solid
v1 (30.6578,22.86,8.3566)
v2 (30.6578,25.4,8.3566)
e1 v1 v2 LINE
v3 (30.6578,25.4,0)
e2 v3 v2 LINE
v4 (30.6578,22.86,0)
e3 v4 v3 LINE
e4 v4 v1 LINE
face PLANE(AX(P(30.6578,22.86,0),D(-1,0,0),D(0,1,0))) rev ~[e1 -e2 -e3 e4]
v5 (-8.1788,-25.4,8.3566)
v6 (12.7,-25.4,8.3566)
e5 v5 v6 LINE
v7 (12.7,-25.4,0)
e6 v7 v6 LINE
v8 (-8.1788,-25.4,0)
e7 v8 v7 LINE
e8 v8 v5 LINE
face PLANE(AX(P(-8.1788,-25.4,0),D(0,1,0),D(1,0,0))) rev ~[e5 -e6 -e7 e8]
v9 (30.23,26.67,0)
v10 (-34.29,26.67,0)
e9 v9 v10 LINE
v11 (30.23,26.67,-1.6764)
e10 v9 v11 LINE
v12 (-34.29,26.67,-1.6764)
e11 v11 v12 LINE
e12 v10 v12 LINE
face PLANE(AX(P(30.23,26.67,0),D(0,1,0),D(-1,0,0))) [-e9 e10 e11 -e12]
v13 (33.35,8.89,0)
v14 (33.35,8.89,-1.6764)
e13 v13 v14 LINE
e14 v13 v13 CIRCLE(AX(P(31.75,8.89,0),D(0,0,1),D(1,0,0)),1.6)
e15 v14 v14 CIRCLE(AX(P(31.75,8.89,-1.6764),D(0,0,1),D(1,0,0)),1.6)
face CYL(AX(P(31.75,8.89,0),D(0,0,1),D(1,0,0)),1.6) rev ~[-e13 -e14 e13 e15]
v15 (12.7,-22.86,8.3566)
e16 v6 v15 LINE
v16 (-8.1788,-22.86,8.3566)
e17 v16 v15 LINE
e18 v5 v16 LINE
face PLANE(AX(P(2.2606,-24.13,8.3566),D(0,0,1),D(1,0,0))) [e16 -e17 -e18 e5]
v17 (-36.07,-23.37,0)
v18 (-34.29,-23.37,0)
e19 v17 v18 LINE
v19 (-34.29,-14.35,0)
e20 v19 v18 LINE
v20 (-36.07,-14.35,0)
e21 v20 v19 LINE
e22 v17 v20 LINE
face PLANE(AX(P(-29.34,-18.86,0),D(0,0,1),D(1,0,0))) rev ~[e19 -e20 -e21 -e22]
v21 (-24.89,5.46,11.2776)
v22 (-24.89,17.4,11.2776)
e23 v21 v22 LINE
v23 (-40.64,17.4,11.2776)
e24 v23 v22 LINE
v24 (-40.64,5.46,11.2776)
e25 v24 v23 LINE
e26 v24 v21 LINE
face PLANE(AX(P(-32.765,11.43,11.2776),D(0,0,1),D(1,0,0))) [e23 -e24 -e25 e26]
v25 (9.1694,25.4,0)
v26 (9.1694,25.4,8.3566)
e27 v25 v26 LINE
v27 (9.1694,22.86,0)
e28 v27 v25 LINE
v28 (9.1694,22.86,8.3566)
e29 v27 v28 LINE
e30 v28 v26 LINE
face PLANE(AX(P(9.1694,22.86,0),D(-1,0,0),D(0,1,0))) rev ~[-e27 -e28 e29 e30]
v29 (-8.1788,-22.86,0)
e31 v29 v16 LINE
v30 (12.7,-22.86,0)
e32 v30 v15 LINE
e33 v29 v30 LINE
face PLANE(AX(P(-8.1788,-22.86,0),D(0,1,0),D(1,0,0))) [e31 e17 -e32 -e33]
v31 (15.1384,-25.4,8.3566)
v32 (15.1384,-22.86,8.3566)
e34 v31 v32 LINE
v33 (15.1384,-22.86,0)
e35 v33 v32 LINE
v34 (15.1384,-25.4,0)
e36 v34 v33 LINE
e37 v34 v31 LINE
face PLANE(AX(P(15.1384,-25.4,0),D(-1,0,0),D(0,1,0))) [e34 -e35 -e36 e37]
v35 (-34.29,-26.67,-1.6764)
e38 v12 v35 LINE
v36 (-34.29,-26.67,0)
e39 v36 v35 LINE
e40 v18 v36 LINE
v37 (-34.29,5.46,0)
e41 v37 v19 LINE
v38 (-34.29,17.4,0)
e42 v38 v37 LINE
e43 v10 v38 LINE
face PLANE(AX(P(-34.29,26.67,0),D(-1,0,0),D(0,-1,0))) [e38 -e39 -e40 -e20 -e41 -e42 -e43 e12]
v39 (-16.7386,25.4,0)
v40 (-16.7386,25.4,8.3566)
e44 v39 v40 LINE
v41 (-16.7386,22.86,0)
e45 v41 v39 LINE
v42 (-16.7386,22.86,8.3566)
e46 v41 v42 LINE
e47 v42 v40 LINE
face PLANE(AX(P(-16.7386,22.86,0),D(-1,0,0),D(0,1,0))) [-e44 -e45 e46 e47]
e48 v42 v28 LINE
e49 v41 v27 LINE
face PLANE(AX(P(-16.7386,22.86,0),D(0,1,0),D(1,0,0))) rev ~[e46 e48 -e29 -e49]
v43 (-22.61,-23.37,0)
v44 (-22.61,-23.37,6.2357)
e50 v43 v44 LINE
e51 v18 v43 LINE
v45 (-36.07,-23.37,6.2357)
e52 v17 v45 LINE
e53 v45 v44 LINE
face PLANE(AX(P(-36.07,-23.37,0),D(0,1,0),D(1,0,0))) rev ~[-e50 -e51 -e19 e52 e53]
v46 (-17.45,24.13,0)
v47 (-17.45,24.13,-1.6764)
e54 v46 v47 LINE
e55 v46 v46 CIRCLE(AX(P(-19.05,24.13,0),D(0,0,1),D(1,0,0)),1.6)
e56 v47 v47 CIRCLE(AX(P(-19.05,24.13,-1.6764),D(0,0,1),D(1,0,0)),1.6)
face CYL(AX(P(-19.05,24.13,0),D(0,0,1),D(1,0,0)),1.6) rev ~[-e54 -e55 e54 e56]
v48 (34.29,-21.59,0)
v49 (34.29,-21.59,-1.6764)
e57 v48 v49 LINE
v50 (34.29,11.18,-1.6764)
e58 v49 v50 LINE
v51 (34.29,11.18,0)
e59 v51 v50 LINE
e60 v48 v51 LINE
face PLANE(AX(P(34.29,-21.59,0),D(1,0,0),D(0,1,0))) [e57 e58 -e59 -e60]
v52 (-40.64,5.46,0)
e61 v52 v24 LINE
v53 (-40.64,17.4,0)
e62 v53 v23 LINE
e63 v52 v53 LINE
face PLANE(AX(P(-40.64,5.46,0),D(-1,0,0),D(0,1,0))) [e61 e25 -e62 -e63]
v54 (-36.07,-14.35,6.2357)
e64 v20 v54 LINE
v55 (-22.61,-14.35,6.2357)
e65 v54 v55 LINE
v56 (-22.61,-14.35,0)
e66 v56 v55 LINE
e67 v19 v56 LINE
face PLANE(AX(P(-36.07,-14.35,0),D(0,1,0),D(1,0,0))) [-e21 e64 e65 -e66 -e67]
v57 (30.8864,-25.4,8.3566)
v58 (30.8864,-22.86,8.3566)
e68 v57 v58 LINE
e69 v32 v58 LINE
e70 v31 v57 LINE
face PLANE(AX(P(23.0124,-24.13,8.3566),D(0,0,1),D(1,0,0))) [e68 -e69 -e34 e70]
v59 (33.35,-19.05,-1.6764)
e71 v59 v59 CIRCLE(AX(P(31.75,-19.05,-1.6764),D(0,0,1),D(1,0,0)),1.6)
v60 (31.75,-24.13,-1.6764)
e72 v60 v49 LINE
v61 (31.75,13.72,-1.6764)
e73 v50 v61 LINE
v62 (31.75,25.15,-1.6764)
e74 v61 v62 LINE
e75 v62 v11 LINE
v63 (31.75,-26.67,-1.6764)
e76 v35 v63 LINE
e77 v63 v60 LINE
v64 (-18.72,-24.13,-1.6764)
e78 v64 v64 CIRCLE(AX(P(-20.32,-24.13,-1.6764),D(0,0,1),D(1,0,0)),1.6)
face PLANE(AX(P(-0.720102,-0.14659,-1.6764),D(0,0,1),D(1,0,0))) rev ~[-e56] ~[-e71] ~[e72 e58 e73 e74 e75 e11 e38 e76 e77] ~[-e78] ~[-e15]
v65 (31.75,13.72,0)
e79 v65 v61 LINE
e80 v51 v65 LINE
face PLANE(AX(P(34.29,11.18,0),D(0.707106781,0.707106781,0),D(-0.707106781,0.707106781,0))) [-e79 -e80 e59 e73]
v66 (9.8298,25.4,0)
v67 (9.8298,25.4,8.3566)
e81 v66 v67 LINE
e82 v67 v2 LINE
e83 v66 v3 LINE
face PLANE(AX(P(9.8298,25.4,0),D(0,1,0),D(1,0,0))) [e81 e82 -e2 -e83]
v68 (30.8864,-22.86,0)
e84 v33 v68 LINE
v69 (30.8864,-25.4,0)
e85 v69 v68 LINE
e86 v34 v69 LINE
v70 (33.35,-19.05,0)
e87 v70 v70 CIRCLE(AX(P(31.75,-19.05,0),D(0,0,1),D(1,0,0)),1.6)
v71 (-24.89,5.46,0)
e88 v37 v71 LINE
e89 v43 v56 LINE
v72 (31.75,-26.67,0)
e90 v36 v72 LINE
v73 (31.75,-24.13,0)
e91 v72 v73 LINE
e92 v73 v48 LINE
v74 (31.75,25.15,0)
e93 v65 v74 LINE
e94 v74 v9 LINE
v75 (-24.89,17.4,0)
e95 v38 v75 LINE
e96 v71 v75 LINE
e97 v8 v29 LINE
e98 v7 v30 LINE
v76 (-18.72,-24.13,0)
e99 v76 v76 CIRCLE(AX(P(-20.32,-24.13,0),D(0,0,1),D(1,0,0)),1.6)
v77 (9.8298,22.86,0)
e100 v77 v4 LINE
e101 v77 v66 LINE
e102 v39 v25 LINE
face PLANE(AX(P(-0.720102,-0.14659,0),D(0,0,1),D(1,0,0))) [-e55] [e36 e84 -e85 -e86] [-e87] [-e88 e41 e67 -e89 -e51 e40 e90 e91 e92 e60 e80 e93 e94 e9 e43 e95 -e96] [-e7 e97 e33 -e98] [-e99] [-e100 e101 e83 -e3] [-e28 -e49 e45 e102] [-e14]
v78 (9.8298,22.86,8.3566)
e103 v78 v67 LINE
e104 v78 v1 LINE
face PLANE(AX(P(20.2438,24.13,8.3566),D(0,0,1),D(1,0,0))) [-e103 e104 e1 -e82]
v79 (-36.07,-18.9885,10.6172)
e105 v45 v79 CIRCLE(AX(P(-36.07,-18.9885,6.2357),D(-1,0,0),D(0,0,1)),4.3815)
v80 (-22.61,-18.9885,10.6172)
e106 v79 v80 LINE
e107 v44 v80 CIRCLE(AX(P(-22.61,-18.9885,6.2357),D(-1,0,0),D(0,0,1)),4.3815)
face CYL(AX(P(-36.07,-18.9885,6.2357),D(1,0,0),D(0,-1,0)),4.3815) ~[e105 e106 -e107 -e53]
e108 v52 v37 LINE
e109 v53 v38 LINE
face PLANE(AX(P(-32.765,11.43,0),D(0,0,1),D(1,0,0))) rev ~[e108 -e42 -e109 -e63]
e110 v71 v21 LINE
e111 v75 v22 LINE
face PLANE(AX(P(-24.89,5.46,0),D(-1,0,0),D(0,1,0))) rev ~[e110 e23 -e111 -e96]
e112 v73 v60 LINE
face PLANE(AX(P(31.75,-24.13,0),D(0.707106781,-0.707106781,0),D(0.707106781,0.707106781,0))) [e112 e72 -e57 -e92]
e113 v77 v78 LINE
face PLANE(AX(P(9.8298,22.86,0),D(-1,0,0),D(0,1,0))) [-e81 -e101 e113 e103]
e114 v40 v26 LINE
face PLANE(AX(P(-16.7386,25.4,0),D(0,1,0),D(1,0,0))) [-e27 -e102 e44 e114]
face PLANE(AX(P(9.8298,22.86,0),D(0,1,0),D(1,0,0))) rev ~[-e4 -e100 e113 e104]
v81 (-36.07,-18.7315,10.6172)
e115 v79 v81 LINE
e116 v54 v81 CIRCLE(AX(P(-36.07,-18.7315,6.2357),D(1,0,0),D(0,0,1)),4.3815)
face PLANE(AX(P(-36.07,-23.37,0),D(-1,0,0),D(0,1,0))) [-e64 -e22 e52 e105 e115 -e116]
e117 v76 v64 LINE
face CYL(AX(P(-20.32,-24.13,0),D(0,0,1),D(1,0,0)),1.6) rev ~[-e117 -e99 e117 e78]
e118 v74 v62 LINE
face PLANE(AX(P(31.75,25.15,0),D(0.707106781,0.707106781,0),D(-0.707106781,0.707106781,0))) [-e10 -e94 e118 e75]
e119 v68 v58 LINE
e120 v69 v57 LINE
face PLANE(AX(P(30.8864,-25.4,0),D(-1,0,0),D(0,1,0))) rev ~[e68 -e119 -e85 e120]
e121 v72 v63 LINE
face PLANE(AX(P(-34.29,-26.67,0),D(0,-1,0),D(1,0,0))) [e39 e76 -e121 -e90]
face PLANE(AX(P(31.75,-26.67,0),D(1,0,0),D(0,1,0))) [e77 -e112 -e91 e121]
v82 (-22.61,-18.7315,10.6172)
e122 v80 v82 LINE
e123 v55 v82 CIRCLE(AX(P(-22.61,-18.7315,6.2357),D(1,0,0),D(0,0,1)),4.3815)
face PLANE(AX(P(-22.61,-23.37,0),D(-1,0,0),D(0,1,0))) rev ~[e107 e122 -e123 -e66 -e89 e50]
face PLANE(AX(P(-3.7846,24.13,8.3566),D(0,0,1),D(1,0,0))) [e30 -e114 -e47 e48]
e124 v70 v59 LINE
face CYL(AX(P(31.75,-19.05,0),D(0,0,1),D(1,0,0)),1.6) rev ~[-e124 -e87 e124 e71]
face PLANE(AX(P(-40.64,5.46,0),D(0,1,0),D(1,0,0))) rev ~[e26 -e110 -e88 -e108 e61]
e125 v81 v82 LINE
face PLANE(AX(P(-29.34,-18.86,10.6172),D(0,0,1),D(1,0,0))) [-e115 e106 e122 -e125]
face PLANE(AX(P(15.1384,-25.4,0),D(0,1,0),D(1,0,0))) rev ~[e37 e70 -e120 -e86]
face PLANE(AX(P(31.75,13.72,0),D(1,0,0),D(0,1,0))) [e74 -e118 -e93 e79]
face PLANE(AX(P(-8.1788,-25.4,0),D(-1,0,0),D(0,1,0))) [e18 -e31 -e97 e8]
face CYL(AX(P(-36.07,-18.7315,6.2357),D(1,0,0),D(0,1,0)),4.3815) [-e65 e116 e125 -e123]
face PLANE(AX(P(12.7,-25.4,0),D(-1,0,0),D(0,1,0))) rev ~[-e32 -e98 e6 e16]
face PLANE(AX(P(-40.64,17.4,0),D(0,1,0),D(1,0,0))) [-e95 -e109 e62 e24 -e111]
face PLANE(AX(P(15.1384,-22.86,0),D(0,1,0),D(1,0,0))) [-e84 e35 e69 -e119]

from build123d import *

# Parameters (mm, degrees)
F0_R     = 1.6
F2_DEPTH = 1.6764
F1_W     = 15.75
F1_H     = 11.94
F3_DEPTH = 11.2776
F1_W_2   = 13.46
F1_H_2   = 9.02
F4_DEPTH = 10.6172
F5_R     = 4.3815
F1_W_3   = 20.8788
F1_H_3   = 2.54
F1_W_4   = 15.748
F1_W_5   = 25.908
F1_W_6   = 20.828
F6_DEPTH = 8.3566


with BuildPart() as f2:
    # F0 (on Top) → F2 (new body)
    with BuildSketch(Plane.XY):
        Polygon((30.23, 26.67), (-34.29, 26.67), (-34.29, -26.67), (31.75, -26.67), (31.75, -24.13), (34.29, -21.59), (34.29, 11.18), (31.75, 13.72), (31.75, 25.15), align=None)
        with Locations((-20.32, -24.13)):
            Circle(F0_R, mode=Mode.SUBTRACT)
        with Locations((31.75, -19.05)):
            Circle(F0_R, mode=Mode.SUBTRACT)
        with Locations((-19.05, 24.13)):
            Circle(F0_R, mode=Mode.SUBTRACT)
        with Locations((31.75, 8.89)):
            Circle(F0_R, mode=Mode.SUBTRACT)
    extrude(amount=-F2_DEPTH)

    # F1 (on Top) → F3 (join)
    with BuildSketch(Plane.XY):
        with Locations((-32.765, 11.43)):
            Rectangle(F1_W, F1_H)
    extrude(amount=F3_DEPTH)

    # F1 (on Top) → F4 (join)
    with BuildSketch(Plane.XY):
        with Locations((-29.34, -18.86)):
            Rectangle(F1_W_2, F1_H_2)
    extrude(amount=F4_DEPTH)

    # F5
    f5_edges = [f2.edges().sort_by_distance(p)[0] for p in [
        (-29.34, -23.37, 10.6172),
        (-29.34, -14.35, 10.6172),
    ]]
    fillet(f5_edges, radius=F5_R)

    # F1 (on Top) → F6 (join)
    with BuildSketch(Plane.XY):
        with Locations((2.2606, -24.13)):
            Rectangle(F1_W_3, F1_H_3)
        with Locations((23.0124, -24.13)):
            Rectangle(F1_W_4, F1_H_3)
        with Locations((-3.7846, 24.13)):
            Rectangle(F1_W_5, F1_H_3)
        with Locations((20.2438, 24.13)):
            Rectangle(F1_W_6, F1_H_3)
    extrude(amount=F6_DEPTH)


solid = f2.part
